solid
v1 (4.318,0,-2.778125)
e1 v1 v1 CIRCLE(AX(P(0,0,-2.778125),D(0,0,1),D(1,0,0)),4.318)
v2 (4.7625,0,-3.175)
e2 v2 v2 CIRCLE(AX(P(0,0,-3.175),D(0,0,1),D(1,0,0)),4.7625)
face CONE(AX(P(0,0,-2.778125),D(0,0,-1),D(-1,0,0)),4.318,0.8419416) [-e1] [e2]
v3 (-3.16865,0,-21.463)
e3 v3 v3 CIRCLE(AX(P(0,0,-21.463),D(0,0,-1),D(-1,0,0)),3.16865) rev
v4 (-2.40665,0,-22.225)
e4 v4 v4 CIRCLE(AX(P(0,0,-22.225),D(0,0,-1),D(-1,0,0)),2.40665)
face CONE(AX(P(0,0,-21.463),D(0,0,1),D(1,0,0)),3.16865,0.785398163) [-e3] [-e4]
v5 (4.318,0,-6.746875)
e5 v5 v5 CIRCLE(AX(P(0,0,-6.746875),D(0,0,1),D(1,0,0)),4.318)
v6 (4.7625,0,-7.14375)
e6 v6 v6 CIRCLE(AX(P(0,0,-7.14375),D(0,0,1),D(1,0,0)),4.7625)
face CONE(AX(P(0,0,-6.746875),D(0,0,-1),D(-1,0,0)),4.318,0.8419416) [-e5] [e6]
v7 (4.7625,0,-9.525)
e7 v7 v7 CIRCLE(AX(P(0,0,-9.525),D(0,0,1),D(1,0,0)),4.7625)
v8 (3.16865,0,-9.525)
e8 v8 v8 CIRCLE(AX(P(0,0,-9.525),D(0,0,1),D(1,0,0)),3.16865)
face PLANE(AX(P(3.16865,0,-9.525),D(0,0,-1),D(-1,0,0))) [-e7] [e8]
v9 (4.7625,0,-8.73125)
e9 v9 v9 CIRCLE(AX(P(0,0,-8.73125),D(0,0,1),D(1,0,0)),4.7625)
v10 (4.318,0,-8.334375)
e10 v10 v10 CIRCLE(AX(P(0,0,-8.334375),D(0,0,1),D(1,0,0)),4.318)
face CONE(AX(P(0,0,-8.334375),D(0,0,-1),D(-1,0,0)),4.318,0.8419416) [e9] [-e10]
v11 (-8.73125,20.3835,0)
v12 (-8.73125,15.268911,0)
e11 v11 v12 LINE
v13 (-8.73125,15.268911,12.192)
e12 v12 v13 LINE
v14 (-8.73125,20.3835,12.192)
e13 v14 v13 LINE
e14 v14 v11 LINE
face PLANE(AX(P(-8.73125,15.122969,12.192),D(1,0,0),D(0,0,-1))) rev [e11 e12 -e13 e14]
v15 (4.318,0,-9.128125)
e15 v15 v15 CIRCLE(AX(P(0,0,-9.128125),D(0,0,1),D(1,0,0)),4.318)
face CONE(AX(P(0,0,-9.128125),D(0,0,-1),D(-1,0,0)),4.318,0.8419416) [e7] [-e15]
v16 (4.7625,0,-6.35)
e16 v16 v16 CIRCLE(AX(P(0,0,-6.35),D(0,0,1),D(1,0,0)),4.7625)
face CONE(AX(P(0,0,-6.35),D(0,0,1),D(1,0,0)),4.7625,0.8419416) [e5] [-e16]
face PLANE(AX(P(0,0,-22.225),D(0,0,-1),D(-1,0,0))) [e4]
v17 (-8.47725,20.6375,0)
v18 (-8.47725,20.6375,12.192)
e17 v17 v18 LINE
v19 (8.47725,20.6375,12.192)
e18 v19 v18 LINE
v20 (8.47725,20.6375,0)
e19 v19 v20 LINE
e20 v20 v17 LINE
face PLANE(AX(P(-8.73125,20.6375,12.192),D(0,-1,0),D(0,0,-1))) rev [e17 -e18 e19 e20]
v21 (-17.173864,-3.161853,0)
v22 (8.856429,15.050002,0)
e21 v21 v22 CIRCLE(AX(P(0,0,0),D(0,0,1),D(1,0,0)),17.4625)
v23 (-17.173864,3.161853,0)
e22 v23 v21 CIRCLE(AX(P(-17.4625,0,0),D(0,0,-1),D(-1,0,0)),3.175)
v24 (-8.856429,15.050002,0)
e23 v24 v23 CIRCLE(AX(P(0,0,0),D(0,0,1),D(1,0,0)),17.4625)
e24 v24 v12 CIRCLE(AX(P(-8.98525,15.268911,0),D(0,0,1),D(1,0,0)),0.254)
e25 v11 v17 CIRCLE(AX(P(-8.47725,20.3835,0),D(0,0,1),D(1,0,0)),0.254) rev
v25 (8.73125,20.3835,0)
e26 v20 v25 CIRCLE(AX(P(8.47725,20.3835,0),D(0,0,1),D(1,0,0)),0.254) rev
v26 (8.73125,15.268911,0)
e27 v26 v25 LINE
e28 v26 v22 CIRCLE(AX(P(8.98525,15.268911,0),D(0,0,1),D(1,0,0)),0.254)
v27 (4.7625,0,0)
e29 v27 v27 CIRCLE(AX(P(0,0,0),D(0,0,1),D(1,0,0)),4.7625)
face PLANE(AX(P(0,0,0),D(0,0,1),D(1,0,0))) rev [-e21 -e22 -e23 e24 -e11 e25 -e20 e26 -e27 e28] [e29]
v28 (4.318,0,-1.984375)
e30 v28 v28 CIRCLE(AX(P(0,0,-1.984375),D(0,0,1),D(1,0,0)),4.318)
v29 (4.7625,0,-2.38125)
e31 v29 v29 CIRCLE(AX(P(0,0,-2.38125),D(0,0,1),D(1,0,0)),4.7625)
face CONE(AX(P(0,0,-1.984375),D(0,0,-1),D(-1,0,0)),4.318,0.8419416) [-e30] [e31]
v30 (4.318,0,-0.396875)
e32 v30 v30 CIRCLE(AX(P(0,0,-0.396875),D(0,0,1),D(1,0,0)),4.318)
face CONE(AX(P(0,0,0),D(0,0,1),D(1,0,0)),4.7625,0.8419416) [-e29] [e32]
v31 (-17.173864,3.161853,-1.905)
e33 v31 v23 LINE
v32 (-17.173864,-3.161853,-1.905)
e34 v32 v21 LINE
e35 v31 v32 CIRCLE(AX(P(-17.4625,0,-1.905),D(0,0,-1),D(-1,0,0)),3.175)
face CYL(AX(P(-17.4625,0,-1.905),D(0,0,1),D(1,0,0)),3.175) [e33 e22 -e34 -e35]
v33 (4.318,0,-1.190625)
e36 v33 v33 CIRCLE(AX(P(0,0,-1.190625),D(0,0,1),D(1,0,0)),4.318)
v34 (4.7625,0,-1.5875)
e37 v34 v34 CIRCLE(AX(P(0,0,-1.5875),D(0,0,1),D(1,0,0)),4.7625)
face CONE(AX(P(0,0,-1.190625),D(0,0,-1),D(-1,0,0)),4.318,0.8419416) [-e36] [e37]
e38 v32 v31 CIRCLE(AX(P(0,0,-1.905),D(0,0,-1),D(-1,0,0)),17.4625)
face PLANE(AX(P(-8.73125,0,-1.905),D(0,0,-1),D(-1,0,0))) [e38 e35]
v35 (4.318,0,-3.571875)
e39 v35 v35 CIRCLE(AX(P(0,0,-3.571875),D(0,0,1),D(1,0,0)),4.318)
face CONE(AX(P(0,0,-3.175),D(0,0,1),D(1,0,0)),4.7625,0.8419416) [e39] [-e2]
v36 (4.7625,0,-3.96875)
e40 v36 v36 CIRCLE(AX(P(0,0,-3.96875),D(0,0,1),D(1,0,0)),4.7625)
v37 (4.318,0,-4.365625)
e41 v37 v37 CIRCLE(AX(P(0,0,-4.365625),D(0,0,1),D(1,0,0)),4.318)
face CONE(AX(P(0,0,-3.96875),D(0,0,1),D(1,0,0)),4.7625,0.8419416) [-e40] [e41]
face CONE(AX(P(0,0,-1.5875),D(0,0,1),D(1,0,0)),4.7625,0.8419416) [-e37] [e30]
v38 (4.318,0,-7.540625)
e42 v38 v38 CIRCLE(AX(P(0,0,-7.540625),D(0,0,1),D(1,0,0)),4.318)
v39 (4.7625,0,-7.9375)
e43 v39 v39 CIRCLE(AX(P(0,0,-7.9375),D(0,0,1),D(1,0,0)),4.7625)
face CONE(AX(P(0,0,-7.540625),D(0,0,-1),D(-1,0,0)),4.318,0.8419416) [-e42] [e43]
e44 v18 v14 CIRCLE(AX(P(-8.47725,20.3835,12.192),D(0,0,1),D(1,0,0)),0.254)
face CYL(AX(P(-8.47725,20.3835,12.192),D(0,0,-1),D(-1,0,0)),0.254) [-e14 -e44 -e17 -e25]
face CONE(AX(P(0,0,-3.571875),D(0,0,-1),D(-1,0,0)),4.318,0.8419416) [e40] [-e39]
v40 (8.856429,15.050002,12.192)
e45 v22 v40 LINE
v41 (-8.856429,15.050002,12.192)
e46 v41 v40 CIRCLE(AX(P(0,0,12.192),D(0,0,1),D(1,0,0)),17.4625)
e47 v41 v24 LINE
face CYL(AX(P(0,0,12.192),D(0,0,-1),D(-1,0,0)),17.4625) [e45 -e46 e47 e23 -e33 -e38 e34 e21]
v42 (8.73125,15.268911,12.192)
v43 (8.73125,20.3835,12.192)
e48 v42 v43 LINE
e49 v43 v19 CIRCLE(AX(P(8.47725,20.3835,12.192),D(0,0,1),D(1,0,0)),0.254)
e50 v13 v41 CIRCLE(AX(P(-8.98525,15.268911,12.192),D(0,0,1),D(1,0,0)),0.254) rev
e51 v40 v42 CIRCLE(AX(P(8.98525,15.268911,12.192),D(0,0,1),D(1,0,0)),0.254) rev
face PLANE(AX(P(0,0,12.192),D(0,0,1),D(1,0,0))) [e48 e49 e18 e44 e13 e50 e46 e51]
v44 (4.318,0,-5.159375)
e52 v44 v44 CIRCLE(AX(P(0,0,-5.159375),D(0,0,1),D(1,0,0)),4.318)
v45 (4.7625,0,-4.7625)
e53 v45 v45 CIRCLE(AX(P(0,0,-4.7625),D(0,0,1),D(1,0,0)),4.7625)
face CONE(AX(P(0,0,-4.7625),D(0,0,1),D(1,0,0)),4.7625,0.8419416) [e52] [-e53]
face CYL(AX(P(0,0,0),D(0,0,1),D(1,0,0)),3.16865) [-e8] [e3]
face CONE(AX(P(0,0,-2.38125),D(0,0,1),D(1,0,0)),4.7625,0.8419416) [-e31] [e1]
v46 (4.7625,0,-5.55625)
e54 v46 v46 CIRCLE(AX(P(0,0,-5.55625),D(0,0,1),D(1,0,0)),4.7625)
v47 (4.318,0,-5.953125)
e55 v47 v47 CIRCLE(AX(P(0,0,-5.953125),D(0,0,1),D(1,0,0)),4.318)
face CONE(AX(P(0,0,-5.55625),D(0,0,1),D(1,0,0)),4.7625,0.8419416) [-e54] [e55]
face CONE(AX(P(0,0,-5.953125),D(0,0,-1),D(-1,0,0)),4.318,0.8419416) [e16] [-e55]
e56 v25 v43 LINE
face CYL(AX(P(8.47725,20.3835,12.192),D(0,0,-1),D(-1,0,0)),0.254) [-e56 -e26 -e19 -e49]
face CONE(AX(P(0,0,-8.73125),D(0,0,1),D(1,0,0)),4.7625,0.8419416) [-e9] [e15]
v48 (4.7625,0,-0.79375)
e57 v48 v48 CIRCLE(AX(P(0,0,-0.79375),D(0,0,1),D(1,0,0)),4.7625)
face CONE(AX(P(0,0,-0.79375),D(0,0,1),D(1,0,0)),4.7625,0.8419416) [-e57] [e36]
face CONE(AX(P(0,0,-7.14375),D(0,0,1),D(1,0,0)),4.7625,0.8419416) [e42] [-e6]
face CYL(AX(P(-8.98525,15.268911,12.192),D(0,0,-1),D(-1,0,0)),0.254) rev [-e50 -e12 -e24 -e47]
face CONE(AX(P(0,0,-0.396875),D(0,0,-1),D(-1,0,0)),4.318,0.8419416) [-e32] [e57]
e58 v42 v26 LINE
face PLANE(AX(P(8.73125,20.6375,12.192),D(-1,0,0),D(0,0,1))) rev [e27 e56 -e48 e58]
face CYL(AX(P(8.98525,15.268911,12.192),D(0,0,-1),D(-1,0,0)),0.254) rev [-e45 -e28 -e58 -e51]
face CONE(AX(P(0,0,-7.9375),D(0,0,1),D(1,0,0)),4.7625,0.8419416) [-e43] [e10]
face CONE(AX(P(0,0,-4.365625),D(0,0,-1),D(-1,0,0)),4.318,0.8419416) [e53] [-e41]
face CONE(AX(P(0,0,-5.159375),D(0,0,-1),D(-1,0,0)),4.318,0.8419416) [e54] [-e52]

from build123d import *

# Parameters (mm, degrees)
EXTRUDE1_DEPTH      = 12.192
EXTRUDE3_DEPTH      = 1.27
CHAMFER1_SIZE       = 0.762
FILLET1_R           = 0.254
BOSS_EXTRUDE1_START = 1.905
BOSS_EXTRUDE1_DEPTH = 1.905


with BuildPart() as part:
    # Sketch1 → Extrude1 (new body)
    with BuildSketch(Plane.XY):
        with BuildLine():
            Line((-8.73125, 15.122968614), (-8.73125, 20.6375))
            Line((-8.73125, 20.6375), (8.73125, 20.6375))
            Line((8.73125, 20.6375), (8.73125, 15.122968614))
            ThreePointArc((8.73125, 15.122968614), (0, -17.4625), (-8.73125, 15.122968614))
        make_face()
    extrude(amount=EXTRUDE1_DEPTH)



with BuildPart() as body_2:
    # Sketch3 → Extrude3 (new body)
    with BuildSketch(Plane(origin=(0, 0, 0), x_dir=(-1, 0, 0), z_dir=(0, 0, -1))):
        Polygon((3.175, 1.833087105), (0, 3.666174209), (-3.175, 1.833087105), (-3.175, -1.833087105), (0, -3.666174209), (3.175, -1.833087105), align=None)
    extrude(amount=EXTRUDE3_DEPTH)


with BuildPart() as part_1:
    add(part.part)

    add(body_2.part)  # Revolve1 merges body 2
    # Sketch5 → Revolve1 (revolve)
    with BuildSketch(Plane(origin=(0, 0, 0), x_dir=(1, 0, 0), z_dir=(0, 1, 0))):
        Polygon((0, 0), (0, 22.225), (3.16865, 22.225), (3.16865, 9.525), (4.7625, 9.525), (4.318, 9.128125), (4.7625, 8.73125), (4.318, 8.334375), (4.7625, 7.9375), (4.318, 7.540625), (4.7625, 7.14375), (4.318, 6.746875), (4.7625, 6.35), (4.318, 5.953125), (4.7625, 5.55625), (4.318, 5.159375), (4.7625, 4.7625), (4.318, 4.365625), (4.7625, 3.96875), (4.318, 3.571875), (4.7625, 3.175), (4.318, 2.778125), (4.7625, 2.38125), (4.318, 1.984375), (4.7625, 1.5875), (4.318, 1.190625), (4.7625, 0.79375), (4.318, 0.396875), (4.7625, 0), align=None)
    revolve(axis=Axis((0, 0, 0), (0, 0, -1)))

    # Chamfer1
    chamfer1_edges = [part_1.edges().sort_by_distance(p)[0] for p in [
        (-3.16865, 0, -22.225),
    ]]
    chamfer(chamfer1_edges, length=CHAMFER1_SIZE)

    # Fillet1
    fillet1_edges = [part_1.edges().sort_by_distance(p)[0] for p in [
        (-8.73125, 15.122968614, 6.096),
        (-8.73125, 20.6375, 6.096),
        (8.73125, 20.6375, 6.096),
        (8.73125, 15.122968614, 6.096),
    ]]
    fillet(fillet1_edges, radius=FILLET1_R)

    # Sketch6 → Boss-Extrude1 (add)
    with BuildSketch(Plane(origin=(0, 0, 0), x_dir=(-1, 0, 0), z_dir=(0, 0, -1)).offset(BOSS_EXTRUDE1_START)):
        with BuildLine():
            ThreePointArc((17.173863636, 3.161852946), (14.2875, 0), (17.173863636, -3.161852946))
            ThreePointArc((17.173863636, -3.161852946), (17.4625, 0), (17.173863636, 3.161852946))
        make_face()
    extrude(amount=-BOSS_EXTRUDE1_DEPTH)


solid = part_1.part
